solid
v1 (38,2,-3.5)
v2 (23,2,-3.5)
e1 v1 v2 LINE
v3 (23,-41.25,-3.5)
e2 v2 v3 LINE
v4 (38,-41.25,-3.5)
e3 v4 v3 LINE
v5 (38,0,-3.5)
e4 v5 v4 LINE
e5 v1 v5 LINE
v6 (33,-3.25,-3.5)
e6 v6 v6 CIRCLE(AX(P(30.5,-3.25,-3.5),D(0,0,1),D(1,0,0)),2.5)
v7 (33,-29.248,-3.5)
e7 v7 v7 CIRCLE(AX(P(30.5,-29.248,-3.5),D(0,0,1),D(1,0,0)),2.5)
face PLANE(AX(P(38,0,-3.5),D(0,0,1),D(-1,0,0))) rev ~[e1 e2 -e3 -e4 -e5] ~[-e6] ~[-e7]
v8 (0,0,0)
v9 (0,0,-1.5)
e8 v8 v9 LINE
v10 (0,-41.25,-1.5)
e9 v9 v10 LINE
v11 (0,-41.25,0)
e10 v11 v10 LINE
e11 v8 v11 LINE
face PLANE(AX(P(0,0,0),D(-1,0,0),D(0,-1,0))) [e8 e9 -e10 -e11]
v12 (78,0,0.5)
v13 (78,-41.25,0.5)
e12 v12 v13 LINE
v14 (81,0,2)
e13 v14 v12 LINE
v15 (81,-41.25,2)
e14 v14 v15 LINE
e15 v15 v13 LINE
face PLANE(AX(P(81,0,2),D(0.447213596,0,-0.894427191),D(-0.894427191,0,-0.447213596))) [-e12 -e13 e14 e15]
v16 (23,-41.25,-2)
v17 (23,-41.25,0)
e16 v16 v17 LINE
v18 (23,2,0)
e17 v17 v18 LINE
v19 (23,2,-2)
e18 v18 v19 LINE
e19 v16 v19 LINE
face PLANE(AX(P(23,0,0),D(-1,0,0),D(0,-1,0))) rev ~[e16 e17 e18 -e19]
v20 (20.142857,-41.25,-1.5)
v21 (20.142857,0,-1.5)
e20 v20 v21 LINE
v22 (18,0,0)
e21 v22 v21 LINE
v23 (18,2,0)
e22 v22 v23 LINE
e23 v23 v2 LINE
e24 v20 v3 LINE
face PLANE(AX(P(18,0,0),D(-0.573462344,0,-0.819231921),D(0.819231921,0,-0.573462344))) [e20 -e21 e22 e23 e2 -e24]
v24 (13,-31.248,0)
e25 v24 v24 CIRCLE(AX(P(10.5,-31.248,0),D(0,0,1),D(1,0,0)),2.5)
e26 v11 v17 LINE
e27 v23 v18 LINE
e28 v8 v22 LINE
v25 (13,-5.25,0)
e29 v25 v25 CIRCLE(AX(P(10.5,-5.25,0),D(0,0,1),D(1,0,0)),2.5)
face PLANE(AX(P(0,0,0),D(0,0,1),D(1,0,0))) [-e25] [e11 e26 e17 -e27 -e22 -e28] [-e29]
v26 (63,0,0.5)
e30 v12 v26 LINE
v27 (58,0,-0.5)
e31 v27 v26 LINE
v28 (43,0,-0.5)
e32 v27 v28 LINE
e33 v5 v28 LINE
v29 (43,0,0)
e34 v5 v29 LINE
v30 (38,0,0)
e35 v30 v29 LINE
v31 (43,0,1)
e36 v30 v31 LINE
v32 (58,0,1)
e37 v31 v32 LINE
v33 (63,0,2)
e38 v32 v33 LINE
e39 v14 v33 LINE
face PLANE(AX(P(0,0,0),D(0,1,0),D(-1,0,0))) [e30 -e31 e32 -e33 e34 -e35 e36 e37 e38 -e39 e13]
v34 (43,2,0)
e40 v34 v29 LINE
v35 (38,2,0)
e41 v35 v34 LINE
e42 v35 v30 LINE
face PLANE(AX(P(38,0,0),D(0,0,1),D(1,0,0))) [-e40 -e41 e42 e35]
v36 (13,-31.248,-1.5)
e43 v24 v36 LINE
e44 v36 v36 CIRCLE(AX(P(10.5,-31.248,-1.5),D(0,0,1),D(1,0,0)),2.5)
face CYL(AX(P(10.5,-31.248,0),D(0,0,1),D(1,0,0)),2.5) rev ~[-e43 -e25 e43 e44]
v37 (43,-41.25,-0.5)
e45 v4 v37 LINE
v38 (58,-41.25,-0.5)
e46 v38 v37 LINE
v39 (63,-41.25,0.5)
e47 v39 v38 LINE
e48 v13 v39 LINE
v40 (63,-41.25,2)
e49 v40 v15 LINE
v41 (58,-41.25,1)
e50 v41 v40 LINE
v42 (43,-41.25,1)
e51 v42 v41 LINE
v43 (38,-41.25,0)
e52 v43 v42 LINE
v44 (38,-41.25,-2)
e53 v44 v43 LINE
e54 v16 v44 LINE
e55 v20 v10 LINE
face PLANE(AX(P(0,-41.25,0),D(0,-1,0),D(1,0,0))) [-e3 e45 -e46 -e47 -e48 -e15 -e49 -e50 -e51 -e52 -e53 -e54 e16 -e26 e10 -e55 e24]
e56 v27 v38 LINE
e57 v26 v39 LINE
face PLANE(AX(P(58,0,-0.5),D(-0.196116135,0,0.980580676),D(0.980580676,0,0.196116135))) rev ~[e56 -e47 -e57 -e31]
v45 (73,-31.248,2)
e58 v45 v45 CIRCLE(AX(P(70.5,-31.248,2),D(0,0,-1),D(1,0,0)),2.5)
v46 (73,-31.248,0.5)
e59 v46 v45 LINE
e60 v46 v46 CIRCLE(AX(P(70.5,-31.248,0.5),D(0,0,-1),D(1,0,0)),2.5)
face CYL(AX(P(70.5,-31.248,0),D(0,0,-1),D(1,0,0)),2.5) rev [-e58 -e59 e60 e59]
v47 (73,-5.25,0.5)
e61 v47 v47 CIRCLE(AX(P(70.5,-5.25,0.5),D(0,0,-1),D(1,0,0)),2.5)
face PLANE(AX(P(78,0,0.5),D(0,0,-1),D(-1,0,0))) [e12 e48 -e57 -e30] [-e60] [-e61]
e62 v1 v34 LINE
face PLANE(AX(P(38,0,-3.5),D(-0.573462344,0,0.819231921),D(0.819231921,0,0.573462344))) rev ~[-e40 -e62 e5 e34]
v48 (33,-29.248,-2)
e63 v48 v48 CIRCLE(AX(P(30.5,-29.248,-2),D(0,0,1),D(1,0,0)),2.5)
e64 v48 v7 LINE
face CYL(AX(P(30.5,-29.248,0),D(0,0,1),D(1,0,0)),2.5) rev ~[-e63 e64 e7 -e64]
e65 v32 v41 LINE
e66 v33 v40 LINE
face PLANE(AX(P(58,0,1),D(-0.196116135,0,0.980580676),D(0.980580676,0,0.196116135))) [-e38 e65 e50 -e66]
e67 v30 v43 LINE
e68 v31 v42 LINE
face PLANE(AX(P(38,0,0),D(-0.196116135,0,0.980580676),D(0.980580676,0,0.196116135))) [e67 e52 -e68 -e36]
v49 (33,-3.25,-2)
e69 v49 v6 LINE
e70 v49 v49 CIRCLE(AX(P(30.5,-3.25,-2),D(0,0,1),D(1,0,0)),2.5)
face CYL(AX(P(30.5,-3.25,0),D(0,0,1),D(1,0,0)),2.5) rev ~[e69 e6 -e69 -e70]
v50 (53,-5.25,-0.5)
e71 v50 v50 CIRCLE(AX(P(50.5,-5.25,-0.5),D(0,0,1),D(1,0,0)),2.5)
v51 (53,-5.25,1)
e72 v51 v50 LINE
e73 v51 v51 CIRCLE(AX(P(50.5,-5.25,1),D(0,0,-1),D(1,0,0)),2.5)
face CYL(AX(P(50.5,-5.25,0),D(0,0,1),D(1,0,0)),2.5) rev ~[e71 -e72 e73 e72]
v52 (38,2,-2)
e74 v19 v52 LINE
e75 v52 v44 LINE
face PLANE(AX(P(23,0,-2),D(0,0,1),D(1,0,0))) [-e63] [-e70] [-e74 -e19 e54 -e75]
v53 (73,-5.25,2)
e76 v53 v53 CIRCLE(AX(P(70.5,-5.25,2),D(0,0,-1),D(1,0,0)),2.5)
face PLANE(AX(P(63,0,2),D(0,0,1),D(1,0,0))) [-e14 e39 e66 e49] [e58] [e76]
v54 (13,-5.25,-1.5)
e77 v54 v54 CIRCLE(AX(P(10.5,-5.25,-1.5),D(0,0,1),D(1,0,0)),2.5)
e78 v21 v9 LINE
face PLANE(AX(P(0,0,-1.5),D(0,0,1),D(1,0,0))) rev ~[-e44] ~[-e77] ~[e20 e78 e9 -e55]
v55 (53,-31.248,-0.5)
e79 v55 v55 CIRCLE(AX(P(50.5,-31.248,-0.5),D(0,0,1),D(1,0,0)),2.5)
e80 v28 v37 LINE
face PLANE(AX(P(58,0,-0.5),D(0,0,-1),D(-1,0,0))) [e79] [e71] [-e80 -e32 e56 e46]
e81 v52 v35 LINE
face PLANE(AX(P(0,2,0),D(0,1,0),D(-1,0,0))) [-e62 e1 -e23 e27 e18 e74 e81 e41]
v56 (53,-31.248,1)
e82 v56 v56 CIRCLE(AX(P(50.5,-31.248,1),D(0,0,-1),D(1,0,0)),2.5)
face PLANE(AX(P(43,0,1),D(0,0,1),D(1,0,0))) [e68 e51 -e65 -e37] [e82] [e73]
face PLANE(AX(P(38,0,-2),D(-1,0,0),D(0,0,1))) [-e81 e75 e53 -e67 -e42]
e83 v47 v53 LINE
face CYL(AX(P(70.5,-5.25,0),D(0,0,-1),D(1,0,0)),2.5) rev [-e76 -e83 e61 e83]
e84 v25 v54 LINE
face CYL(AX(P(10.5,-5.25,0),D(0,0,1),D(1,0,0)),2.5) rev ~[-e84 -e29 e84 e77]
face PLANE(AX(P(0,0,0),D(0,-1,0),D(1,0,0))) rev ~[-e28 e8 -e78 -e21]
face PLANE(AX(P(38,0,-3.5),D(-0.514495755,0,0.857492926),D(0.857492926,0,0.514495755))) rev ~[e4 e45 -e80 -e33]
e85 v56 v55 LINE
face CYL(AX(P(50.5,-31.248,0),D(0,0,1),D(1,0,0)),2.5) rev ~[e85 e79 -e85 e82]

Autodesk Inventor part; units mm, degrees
ref_plane "YZ Plane" through (0, 0, 0) normal (1, 0, 0) x (0, 1, 0)
ref_plane "XZ Plane" through (0, 0, 0) normal (0, 1, 0) x (-1, 0, 0)
ref_plane "XY Plane" through (0, 0, 0) normal (0, 0, 1) x (1, 0, 0)
sketch "Sketch1" plane through (0, 0, 0) normal (0, 0, 1) x (1, 0, 0)
  line L0 (0, 0) -> (81, 0)
  line L1 (0, 0) -> (0, -41.25)
  line L2 (0, -41.25) -> (81, -41.25)
  line L3 (81, -41.25) -> (81, 0)
  line L4 (23, 0) -> (23, 2)
  line L5 (23, 2) -> (38, 2)
  line L6 (38, 2) -> (38, 0)
  line L7 (3, 0) -> (3, -41.25)
  line L8 (18, 0) -> (18, -41.25)
  line L9 (23, 0) -> (23, -41.25)
  line L10 (38, 0) -> (38, -41.25)
  line L11 (43, 0) -> (43, -41.25)
  line L12 (58, 0) -> (58, -41.25)
  line L13 (63, 0) -> (63, -41.25)
  line L14 (78, 0) -> (78, -41.25)
  line L15 (0, 0) -> (3, 0)
  line L16 (3, 0) -> (3, -41.25)
  line L17 (3, -41.25) -> (0, -41.25)
  line L18 (0, -41.25) -> (0, 0)
  line L19 (78, 0) -> (81, 0)
  line L20 (81, 0) -> (81, -41.25)
  line L21 (81, -41.25) -> (78, -41.25)
  line L22 (78, -41.25) -> (78, 0)
  circle A0 centre (10.5, -5.25) radius 2.5
  circle A1 centre (10.5, -31.248) radius 2.5
  circle A2 centre (30.5, -3.25) radius 2.5
  circle A3 centre (30.5, -29.248) radius 2.5
  circle A4 centre (50.5, -5.25) radius 2.5
  circle A5 centre (50.5, -31.248) radius 2.5
  circle A6 centre (70.5, -5.25) radius 2.5
  circle A7 centre (70.5, -31.248) radius 2.5
  point P0 (10.5, -41.25)
  point P1 (50.5, 0)
  point P2 (70.5, 0)
  point P3 (30.5, 0)
  dimension "d0" = 81
  dimension "d2" = 41.25
  dimension "d3" = 2
  dimension "d24" = 5
  dimension "d25" = 5
  dimension "d26" = 5
  dimension "d27" = 5
  dimension "d28" = 5
  dimension "d29" = 5
  dimension "d30" = 5
  dimension "d31" = 5
sketch "Sketch3" plane through (0, 0, 0) normal (0, 1, 0) x (-1, 0, 0)
  line L0 (0, 0) -> (-81, 0) projected
  line L1 (-23, 0) -> (-38, 0) projected
  line L2 (0, 0) -> (-81, 0) projected
  line L3 (-23, 0) -> (-23, -2)
  line L4 (-23, -2) -> (-38, -2)
  line L5 (-38, -2) -> (-38, 0)
  line L6 (-43, 0) -> (-43, 1)
  line L7 (-43, 1) -> (-58, 1)
  line L8 (-58, 1) -> (-58, 0)
  line L9 (-63, 0) -> (-63, 2)
  line L10 (-63, 2) -> (-78, 2)
  line L11 (-78, 2) -> (-78, 0)
  line L12 (-23, -2) -> (-38, -2)
  line L13 (-38, -2) -> (-38, -3.5)
  line L14 (-38, -3.5) -> (-23, -3.5)
  line L15 (-23, -3.5) -> (-23, -2)
  line L16 (-18, 0) -> (-23, -3.5)
  line L17 (-38, -3.5) -> (-43, 0)
  line L18 (-43, 1) -> (-58, 1)
  line L19 (-58, 1) -> (-58, -0.5)
  line L20 (-58, -0.5) -> (-43, -0.5)
  line L21 (-43, -0.5) -> (-43, 1)
  line L22 (-38, 0) -> (-43, 1)
  line L23 (-63, 2) -> (-78, 2)
  line L24 (-78, 2) -> (-78, 0.5)
  line L25 (-78, 0.5) -> (-63, 0.5)
  line L26 (-63, 0.5) -> (-63, 2)
  line L27 (-58, 1) -> (-63, 2)
  line L28 (-58, -0.5) -> (-63, 0.5)
  line L29 (-78, 2) -> (-81, 2)
  line L30 (-81, 2) -> (-78, 0.5)
  line L31 (-43, 1) -> (-38, 0)
  line L32 (-43, 0) -> (-43, 1)
  line L33 (-43, 0) -> (-38, 0)
  line L34 (-38, 0) -> (-43, 1)
  line L35 (-43, 1) -> (-43, 0)
  line L36 (-38, -3.5) -> (-43, -0.5)
  line L37 (-43, -0.5) -> (-58, -0.5)
  line L38 (-58, 1) -> (-58, -0.5)
  line L39 (-58, 1) -> (-43, 1)
  line L40 (-58, -0.5) -> (-58, 1)
  line L41 (-58, 1) -> (-63, 2)
  line L42 (-63, 2) -> (-63, 0.5)
  line L43 (-63, 0.5) -> (-58, -0.5)
  line L44 (-58, -0.5) -> (-60.5, 0)
  line L45 (-58, -0.5) -> (-58, 0)
  line L46 (-58, 0) -> (-60.5, 0)
  line L47 (-60.5, 0) -> (-63, 0.5)
  line L48 (-63, 0.5) -> (-63, 2)
  line L49 (-63, 2) -> (-58, 1)
  line L50 (-58, 1) -> (-58, -0.5)
  point P0 (-3, 0)
  dimension "d4" = 2
  dimension "d5" = 1
  dimension "d6" = 2
  dimension "d7" = 15
  dimension "d8" = 90
  dimension "d11" = 1.5
  dimension "d16" = 15
  dimension "d17" = 1.5
extrude "Extrusion1" add sketch "Sketch1" against normal blind 1.5 contours L0 L7 L2 L1 | L0 L8 L2 L7 | L0 L9 L2 L8 | A0 | A1
extrude "Extrusion2" add sketch "Sketch3" against normal blind 41.25 contours L16 L15 L3 L0 | L14 L13 L4 L15 | L5 L13 L17 L0
extrude "Extrusion3" add sketch "Sketch3" along normal blind 2 contours L16 L15 L3 L0 | L14 L13 L4 L15 | L5 L13 L17 L0
extrude "Extrusion4" add sketch "Sketch3" against normal blind 41.25 contours L0 L6 L22 | L36 L21 L17 | L21 L20 L19 L0 | L0 L8 L7 L6 | L9 L25 L11 L10 | L11 L30 L29
extrude "Extrusion5" add sketch "Sketch3" against normal blind 41.25 contours L19 L28 L0 | L0 L28 L9 L27 L8
extrude "Extrusion6" cut sketch "Sketch1" along normal through all both and the other way through all contours A0 | A1 | A2 | A3 | A4 | A5 | A6 | A7
properties part number "Finger_Support_base_Screwing"
